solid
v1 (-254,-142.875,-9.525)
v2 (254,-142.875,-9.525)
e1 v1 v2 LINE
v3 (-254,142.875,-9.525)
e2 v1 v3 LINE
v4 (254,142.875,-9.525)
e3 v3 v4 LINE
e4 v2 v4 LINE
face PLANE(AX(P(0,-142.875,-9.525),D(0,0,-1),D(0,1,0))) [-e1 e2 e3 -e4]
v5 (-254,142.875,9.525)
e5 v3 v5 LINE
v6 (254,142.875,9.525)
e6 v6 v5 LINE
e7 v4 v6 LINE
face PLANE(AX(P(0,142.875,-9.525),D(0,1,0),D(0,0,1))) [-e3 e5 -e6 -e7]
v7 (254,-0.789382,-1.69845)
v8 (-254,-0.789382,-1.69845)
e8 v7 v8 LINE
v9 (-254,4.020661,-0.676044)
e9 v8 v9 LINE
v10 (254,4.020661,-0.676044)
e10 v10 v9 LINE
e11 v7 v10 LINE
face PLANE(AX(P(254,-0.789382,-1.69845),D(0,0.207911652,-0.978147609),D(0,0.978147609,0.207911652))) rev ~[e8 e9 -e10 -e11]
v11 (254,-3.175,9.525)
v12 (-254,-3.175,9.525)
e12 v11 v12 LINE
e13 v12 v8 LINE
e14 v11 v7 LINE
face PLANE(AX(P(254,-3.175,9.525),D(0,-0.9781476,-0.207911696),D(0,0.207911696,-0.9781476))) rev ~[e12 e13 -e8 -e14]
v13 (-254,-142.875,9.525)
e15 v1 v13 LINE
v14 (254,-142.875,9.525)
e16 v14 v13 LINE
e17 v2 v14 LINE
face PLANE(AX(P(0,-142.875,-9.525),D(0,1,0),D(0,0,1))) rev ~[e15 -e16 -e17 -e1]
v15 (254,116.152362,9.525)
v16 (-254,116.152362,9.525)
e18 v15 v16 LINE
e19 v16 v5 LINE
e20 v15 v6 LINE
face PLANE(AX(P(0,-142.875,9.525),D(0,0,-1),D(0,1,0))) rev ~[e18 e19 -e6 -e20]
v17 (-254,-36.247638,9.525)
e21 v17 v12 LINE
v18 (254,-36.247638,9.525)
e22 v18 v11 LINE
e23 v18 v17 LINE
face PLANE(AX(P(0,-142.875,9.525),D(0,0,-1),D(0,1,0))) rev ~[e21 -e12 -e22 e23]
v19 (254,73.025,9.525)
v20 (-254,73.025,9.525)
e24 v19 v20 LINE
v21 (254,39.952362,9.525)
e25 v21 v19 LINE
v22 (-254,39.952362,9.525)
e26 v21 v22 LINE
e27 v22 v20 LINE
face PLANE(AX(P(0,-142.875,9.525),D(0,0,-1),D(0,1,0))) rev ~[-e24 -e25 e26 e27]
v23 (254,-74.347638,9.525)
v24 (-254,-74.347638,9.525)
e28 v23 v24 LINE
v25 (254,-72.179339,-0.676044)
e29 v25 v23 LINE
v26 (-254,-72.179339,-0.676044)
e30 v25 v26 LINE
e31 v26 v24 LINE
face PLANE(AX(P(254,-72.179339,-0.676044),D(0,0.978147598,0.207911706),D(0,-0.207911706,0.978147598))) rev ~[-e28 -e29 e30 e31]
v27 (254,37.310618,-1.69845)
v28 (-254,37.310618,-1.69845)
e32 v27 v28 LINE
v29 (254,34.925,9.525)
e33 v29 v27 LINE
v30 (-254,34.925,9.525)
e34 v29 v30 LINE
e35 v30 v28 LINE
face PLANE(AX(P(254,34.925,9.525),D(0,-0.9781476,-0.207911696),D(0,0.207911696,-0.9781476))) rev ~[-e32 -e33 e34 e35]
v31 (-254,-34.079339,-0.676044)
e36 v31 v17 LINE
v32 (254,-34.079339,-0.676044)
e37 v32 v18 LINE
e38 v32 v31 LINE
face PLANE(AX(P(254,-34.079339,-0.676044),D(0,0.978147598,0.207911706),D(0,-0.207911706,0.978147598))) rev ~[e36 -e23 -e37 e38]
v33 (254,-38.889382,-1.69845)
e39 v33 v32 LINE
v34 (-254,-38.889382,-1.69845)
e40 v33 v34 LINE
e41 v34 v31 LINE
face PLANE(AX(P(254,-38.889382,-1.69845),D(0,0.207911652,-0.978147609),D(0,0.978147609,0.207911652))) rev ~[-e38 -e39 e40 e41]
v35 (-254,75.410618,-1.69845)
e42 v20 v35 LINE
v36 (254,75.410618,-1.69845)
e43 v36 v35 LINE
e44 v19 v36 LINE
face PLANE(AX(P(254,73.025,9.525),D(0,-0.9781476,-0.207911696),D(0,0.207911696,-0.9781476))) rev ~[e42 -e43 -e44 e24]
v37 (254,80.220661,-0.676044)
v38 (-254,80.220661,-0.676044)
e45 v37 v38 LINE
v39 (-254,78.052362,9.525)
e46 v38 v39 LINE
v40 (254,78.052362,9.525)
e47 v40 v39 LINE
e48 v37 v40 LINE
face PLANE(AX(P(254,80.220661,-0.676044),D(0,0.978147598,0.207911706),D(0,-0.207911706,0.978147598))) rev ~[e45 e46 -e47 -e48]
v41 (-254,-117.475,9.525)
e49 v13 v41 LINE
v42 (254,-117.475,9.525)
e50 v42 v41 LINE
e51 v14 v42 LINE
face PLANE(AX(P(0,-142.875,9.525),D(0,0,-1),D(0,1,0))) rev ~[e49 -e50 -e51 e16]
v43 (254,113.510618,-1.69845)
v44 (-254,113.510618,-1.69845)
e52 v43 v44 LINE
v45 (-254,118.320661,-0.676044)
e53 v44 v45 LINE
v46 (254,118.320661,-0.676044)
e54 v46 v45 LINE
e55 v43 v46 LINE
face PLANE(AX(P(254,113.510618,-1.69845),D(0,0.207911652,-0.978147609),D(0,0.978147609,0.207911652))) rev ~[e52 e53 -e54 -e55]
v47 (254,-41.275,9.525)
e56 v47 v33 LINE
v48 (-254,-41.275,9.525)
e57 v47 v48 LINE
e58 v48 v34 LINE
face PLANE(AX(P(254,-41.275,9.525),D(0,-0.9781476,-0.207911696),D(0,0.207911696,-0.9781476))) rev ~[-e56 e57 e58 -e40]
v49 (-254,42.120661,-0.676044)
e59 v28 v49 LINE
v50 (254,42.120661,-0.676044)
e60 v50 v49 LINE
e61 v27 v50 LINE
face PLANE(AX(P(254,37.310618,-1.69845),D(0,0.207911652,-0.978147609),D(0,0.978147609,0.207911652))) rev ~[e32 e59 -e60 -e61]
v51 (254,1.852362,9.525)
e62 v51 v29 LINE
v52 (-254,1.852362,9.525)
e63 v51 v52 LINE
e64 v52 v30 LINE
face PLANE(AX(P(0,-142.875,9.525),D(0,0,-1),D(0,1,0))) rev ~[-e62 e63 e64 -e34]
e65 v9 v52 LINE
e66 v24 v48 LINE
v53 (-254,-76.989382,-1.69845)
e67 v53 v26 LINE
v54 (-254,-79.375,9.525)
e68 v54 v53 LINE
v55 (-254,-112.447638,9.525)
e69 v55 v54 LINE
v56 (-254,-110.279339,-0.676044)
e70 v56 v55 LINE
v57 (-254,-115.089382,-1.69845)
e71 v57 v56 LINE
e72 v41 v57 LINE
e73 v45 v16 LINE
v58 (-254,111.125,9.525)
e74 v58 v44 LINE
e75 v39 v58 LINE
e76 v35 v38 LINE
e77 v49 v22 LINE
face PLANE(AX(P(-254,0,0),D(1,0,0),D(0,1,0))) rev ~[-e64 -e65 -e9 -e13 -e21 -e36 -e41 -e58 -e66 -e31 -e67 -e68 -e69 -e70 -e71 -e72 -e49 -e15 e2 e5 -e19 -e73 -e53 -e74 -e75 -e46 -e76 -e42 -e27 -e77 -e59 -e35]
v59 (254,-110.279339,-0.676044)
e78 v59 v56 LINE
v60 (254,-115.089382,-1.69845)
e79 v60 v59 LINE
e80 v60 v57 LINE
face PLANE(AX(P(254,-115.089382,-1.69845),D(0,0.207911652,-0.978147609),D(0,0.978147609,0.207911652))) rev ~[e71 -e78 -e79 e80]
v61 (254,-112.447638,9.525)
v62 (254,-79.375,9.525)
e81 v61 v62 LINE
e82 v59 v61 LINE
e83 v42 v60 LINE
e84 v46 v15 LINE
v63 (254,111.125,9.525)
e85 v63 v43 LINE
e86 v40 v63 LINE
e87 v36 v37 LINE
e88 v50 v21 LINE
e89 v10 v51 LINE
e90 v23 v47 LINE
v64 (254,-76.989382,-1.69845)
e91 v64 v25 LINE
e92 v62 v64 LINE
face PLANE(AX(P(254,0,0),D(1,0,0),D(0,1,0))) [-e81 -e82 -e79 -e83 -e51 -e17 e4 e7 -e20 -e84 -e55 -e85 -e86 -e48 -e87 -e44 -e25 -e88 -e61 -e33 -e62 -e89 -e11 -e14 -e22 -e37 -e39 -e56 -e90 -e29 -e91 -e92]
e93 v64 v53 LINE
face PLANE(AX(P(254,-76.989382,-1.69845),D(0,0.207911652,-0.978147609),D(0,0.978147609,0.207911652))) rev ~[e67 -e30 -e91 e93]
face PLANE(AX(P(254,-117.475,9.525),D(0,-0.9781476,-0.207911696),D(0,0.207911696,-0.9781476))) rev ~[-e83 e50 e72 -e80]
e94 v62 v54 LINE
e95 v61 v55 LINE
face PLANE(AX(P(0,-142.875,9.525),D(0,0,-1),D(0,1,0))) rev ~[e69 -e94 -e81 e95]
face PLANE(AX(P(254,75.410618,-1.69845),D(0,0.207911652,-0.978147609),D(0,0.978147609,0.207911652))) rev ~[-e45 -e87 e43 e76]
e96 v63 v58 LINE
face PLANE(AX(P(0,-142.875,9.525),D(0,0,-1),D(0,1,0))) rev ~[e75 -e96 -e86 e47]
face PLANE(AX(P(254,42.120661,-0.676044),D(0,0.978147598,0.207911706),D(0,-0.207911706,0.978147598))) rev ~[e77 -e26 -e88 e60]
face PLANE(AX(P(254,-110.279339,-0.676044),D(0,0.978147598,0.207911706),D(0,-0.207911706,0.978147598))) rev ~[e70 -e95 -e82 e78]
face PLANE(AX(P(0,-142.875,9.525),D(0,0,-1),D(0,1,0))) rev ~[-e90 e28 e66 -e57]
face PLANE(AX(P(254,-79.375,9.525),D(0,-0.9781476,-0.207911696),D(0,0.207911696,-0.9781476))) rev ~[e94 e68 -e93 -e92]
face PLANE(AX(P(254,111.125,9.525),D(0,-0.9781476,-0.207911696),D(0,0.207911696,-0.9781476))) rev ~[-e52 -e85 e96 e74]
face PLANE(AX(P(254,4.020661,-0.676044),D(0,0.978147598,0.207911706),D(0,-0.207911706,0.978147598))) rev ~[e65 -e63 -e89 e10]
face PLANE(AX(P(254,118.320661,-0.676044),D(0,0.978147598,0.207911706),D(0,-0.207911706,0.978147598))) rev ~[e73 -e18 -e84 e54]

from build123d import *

# Parameters (mm, degrees)
F0_W          = 285.75
F0_H          = 19.05
F1_DEPTH      = 254
F1_DEPTH_BACK = 254
F3_DEPTH      = 508.001


with BuildPart() as f1:
    # F0 (on Right) → F1 (new body, two sides)
    with BuildSketch(Plane.YZ) as f1_sk:
        Rectangle(F0_W, F0_H)
    extrude(amount=F1_DEPTH)
    extrude(f1_sk.sketch, amount=-F1_DEPTH_BACK)

    # F2 (on face) → F3 (cut, through all)
    with BuildSketch(Plane.YZ.offset(254)):
        Polygon((-112.447638, 9.525), (-117.475, 9.525), (-115.089382, -1.69845), (-110.279339, -0.676044), align=None)
        Polygon((-74.347638, 9.525), (-79.375, 9.525), (-76.989382, -1.69845), (-72.179339, -0.676044), align=None)
        Polygon((-36.247638, 9.525), (-41.275, 9.525), (-38.889382, -1.69845), (-34.079339, -0.676044), align=None)
        Polygon((1.852362, 9.525), (-3.175, 9.525), (-0.789382, -1.69845), (4.020661, -0.676044), align=None)
        Polygon((39.952362, 9.525), (34.925, 9.525), (37.310618, -1.69845), (42.120661, -0.676044), align=None)
        Polygon((80.220661, -0.676044), (78.052362, 9.525), (73.025, 9.525), (75.410618, -1.69845), align=None)
        Polygon((118.320661, -0.676044), (116.152362, 9.525), (111.125, 9.525), (113.510618, -1.69845), align=None)
    extrude(amount=-F3_DEPTH, mode=Mode.SUBTRACT)


solid = f1.part
